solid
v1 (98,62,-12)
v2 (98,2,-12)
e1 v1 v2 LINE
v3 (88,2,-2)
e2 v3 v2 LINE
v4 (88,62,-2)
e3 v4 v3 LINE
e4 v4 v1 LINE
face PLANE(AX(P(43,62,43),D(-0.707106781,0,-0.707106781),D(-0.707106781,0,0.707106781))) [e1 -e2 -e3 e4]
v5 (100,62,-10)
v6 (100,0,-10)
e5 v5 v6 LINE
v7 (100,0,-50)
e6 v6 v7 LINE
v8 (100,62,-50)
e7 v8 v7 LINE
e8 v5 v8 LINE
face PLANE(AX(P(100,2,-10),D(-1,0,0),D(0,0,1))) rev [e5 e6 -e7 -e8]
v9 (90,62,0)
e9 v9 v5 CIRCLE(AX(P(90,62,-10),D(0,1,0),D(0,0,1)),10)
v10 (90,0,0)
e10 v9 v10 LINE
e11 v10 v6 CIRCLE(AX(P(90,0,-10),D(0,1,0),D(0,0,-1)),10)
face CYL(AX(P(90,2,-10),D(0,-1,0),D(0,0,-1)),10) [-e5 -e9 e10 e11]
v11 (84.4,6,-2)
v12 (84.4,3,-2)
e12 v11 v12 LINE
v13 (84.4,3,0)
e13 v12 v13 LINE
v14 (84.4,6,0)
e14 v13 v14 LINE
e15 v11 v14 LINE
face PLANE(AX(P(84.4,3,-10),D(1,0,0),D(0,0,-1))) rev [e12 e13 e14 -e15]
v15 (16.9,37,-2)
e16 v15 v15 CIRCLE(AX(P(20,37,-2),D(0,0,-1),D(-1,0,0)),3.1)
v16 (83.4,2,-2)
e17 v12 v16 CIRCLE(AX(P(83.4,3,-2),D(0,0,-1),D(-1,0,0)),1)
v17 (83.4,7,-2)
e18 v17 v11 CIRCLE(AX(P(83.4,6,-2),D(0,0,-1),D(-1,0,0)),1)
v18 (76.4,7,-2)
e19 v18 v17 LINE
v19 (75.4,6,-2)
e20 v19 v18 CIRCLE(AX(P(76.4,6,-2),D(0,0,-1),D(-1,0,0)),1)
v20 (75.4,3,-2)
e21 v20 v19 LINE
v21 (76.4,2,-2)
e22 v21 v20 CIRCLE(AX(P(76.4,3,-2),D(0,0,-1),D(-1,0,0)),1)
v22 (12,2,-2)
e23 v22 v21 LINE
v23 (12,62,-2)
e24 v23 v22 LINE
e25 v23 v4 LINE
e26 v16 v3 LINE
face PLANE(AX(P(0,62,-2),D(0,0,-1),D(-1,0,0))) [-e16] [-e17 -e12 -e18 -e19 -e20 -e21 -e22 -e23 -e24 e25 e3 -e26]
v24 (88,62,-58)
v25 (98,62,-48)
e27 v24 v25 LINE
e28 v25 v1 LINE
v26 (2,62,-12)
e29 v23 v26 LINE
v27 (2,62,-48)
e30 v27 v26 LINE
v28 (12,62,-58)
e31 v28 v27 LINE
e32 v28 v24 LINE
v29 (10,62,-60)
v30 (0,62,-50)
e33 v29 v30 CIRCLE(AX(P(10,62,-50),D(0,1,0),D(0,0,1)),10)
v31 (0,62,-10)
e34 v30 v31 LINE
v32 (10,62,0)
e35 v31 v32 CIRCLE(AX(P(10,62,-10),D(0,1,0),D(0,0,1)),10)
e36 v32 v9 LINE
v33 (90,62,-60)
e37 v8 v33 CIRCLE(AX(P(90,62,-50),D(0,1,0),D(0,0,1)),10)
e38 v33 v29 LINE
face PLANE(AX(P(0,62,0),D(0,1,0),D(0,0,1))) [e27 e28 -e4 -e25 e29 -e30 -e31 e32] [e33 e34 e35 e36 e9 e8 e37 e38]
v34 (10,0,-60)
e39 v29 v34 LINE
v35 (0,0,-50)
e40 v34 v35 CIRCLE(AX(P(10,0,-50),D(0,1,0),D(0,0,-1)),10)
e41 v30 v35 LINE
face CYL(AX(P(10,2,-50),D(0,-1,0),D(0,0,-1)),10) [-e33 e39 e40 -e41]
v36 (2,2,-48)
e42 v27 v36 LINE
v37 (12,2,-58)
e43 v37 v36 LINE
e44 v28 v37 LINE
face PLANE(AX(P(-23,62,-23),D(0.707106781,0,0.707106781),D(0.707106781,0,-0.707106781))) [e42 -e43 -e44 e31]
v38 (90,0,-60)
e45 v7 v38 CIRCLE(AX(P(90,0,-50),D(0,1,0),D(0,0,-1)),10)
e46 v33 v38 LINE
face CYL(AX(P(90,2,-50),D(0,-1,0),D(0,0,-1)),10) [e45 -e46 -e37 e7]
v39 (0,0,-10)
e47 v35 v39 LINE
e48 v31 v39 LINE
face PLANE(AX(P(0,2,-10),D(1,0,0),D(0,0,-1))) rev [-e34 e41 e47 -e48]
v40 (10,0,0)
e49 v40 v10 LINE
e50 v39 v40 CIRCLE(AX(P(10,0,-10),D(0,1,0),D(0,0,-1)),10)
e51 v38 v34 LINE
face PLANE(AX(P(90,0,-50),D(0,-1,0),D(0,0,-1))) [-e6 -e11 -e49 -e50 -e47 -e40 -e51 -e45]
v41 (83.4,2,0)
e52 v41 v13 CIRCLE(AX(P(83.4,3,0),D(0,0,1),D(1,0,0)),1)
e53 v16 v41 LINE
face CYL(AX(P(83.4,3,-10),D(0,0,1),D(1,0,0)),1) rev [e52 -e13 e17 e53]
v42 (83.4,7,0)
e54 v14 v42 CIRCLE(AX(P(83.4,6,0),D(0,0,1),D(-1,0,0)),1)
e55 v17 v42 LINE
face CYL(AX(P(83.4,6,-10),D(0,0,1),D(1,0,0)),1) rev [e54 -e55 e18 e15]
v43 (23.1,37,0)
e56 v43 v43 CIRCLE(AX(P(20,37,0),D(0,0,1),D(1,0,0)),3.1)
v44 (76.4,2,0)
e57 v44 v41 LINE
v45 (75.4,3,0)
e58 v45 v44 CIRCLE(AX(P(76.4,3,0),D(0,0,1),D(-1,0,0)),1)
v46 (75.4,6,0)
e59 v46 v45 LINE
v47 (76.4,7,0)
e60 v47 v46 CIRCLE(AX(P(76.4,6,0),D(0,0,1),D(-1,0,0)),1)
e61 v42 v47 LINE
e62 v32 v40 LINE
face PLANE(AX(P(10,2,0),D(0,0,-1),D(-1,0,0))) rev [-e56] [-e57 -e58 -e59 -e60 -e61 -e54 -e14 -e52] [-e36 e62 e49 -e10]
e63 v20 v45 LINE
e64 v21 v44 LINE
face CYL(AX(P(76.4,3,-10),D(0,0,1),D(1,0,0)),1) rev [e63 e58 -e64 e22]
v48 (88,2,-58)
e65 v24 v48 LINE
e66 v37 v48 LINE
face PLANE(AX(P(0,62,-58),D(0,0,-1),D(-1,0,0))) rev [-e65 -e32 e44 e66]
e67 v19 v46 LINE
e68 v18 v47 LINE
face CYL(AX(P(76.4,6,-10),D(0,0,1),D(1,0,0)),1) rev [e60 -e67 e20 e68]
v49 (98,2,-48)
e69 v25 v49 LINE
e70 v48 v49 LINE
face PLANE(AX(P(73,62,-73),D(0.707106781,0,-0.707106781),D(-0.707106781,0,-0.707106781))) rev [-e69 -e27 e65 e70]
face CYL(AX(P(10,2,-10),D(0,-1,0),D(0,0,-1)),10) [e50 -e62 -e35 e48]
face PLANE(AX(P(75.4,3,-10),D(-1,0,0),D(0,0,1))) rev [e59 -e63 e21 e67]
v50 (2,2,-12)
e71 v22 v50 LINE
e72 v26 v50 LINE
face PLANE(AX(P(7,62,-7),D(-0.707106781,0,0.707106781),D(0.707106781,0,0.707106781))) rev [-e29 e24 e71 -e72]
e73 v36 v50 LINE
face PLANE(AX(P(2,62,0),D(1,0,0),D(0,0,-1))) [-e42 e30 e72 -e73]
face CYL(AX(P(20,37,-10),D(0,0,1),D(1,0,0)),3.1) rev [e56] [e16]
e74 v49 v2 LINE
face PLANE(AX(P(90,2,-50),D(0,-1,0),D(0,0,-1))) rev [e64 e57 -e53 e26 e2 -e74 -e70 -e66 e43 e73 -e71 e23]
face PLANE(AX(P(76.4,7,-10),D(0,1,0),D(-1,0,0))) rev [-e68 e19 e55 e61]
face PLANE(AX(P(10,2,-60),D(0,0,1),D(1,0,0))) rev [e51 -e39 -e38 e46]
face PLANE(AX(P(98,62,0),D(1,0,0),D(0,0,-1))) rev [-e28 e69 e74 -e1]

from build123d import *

# Parameters (mm, degrees)
Y_KSEKLIK_EKSTR_ZYON1_DEPTH = 2
Y_KSEKLIK_EKSTR_ZYON2_DEPTH = 60
IZIM3_R                     = 3.1
KES_EKSTR_ZYON1_DEPTH       = 10


with BuildPart() as part:
    # Çizim1 → Yükseklik-Ekstrüzyon1 (new body)
    with BuildSketch(Plane(origin=(0, 0, 0), x_dir=(1, 0, 0), z_dir=(0, 1, 0))):
        with BuildLine():
            Line((10, 0), (90, 0))
            ThreePointArc((90, 0), (97.071067812, 2.928932188), (100, 10))
            Line((100, 10), (100, 50))
            ThreePointArc((100, 50), (97.071067812, 57.071067812), (90, 60))
            Line((90, 60), (10, 60))
            ThreePointArc((10, 60), (2.928932188, 57.071067812), (0, 50))
            Line((0, 50), (0, 10))
            ThreePointArc((0, 10), (2.928932188, 2.928932188), (10, 0))
        make_face()
    extrude(amount=Y_KSEKLIK_EKSTR_ZYON1_DEPTH)

    # Çizim2 → Yükseklik-Ekstrüzyon2 (add)
    with BuildSketch(Plane(origin=(0, 2, 0), x_dir=(1, 0, 0), z_dir=(0, 1, 0))):
        with BuildLine():
            Line((100, 10), (100, 50))
            ThreePointArc((100, 50), (97.071067812, 57.071067812), (90, 60))
            Line((90, 60), (10, 60))
            ThreePointArc((10, 60), (2.928932188, 57.071067812), (0, 50))
            Line((0, 50), (0, 10))
            ThreePointArc((0, 10), (2.928932188, 2.928932188), (10, 0))
            Line((10, 0), (90, 0))
            ThreePointArc((90, 0), (97.071067812, 2.928932188), (100, 10))
        make_face()
        Polygon((12, 2), (88, 2), (98, 12), (98, 48), (88, 58), (12, 58), (2, 48), (2, 12), align=None, mode=Mode.SUBTRACT)
    extrude(amount=Y_KSEKLIK_EKSTR_ZYON2_DEPTH)

    # Çizim3 → Kes-Ekstrüzyon1 (cut)
    with BuildSketch(Plane.XY):
        with Locations((20, 37)):
            Circle(IZIM3_R)
        with BuildLine():
            Line((76.4, 2), (83.4, 2))
            ThreePointArc((83.4, 2), (84.107106781, 2.292893219), (84.4, 3))
            Line((84.4, 3), (84.4, 6))
            ThreePointArc((84.4, 6), (84.107106781, 6.707106781), (83.4, 7))
            Line((83.4, 7), (76.4, 7))
            ThreePointArc((76.4, 7), (75.692893219, 6.707106781), (75.4, 6))
            Line((75.4, 6), (75.4, 3))
            ThreePointArc((75.4, 3), (75.692893219, 2.292893219), (76.4, 2))
        make_face()
    extrude(amount=-KES_EKSTR_ZYON1_DEPTH, mode=Mode.SUBTRACT)


solid = part.part
